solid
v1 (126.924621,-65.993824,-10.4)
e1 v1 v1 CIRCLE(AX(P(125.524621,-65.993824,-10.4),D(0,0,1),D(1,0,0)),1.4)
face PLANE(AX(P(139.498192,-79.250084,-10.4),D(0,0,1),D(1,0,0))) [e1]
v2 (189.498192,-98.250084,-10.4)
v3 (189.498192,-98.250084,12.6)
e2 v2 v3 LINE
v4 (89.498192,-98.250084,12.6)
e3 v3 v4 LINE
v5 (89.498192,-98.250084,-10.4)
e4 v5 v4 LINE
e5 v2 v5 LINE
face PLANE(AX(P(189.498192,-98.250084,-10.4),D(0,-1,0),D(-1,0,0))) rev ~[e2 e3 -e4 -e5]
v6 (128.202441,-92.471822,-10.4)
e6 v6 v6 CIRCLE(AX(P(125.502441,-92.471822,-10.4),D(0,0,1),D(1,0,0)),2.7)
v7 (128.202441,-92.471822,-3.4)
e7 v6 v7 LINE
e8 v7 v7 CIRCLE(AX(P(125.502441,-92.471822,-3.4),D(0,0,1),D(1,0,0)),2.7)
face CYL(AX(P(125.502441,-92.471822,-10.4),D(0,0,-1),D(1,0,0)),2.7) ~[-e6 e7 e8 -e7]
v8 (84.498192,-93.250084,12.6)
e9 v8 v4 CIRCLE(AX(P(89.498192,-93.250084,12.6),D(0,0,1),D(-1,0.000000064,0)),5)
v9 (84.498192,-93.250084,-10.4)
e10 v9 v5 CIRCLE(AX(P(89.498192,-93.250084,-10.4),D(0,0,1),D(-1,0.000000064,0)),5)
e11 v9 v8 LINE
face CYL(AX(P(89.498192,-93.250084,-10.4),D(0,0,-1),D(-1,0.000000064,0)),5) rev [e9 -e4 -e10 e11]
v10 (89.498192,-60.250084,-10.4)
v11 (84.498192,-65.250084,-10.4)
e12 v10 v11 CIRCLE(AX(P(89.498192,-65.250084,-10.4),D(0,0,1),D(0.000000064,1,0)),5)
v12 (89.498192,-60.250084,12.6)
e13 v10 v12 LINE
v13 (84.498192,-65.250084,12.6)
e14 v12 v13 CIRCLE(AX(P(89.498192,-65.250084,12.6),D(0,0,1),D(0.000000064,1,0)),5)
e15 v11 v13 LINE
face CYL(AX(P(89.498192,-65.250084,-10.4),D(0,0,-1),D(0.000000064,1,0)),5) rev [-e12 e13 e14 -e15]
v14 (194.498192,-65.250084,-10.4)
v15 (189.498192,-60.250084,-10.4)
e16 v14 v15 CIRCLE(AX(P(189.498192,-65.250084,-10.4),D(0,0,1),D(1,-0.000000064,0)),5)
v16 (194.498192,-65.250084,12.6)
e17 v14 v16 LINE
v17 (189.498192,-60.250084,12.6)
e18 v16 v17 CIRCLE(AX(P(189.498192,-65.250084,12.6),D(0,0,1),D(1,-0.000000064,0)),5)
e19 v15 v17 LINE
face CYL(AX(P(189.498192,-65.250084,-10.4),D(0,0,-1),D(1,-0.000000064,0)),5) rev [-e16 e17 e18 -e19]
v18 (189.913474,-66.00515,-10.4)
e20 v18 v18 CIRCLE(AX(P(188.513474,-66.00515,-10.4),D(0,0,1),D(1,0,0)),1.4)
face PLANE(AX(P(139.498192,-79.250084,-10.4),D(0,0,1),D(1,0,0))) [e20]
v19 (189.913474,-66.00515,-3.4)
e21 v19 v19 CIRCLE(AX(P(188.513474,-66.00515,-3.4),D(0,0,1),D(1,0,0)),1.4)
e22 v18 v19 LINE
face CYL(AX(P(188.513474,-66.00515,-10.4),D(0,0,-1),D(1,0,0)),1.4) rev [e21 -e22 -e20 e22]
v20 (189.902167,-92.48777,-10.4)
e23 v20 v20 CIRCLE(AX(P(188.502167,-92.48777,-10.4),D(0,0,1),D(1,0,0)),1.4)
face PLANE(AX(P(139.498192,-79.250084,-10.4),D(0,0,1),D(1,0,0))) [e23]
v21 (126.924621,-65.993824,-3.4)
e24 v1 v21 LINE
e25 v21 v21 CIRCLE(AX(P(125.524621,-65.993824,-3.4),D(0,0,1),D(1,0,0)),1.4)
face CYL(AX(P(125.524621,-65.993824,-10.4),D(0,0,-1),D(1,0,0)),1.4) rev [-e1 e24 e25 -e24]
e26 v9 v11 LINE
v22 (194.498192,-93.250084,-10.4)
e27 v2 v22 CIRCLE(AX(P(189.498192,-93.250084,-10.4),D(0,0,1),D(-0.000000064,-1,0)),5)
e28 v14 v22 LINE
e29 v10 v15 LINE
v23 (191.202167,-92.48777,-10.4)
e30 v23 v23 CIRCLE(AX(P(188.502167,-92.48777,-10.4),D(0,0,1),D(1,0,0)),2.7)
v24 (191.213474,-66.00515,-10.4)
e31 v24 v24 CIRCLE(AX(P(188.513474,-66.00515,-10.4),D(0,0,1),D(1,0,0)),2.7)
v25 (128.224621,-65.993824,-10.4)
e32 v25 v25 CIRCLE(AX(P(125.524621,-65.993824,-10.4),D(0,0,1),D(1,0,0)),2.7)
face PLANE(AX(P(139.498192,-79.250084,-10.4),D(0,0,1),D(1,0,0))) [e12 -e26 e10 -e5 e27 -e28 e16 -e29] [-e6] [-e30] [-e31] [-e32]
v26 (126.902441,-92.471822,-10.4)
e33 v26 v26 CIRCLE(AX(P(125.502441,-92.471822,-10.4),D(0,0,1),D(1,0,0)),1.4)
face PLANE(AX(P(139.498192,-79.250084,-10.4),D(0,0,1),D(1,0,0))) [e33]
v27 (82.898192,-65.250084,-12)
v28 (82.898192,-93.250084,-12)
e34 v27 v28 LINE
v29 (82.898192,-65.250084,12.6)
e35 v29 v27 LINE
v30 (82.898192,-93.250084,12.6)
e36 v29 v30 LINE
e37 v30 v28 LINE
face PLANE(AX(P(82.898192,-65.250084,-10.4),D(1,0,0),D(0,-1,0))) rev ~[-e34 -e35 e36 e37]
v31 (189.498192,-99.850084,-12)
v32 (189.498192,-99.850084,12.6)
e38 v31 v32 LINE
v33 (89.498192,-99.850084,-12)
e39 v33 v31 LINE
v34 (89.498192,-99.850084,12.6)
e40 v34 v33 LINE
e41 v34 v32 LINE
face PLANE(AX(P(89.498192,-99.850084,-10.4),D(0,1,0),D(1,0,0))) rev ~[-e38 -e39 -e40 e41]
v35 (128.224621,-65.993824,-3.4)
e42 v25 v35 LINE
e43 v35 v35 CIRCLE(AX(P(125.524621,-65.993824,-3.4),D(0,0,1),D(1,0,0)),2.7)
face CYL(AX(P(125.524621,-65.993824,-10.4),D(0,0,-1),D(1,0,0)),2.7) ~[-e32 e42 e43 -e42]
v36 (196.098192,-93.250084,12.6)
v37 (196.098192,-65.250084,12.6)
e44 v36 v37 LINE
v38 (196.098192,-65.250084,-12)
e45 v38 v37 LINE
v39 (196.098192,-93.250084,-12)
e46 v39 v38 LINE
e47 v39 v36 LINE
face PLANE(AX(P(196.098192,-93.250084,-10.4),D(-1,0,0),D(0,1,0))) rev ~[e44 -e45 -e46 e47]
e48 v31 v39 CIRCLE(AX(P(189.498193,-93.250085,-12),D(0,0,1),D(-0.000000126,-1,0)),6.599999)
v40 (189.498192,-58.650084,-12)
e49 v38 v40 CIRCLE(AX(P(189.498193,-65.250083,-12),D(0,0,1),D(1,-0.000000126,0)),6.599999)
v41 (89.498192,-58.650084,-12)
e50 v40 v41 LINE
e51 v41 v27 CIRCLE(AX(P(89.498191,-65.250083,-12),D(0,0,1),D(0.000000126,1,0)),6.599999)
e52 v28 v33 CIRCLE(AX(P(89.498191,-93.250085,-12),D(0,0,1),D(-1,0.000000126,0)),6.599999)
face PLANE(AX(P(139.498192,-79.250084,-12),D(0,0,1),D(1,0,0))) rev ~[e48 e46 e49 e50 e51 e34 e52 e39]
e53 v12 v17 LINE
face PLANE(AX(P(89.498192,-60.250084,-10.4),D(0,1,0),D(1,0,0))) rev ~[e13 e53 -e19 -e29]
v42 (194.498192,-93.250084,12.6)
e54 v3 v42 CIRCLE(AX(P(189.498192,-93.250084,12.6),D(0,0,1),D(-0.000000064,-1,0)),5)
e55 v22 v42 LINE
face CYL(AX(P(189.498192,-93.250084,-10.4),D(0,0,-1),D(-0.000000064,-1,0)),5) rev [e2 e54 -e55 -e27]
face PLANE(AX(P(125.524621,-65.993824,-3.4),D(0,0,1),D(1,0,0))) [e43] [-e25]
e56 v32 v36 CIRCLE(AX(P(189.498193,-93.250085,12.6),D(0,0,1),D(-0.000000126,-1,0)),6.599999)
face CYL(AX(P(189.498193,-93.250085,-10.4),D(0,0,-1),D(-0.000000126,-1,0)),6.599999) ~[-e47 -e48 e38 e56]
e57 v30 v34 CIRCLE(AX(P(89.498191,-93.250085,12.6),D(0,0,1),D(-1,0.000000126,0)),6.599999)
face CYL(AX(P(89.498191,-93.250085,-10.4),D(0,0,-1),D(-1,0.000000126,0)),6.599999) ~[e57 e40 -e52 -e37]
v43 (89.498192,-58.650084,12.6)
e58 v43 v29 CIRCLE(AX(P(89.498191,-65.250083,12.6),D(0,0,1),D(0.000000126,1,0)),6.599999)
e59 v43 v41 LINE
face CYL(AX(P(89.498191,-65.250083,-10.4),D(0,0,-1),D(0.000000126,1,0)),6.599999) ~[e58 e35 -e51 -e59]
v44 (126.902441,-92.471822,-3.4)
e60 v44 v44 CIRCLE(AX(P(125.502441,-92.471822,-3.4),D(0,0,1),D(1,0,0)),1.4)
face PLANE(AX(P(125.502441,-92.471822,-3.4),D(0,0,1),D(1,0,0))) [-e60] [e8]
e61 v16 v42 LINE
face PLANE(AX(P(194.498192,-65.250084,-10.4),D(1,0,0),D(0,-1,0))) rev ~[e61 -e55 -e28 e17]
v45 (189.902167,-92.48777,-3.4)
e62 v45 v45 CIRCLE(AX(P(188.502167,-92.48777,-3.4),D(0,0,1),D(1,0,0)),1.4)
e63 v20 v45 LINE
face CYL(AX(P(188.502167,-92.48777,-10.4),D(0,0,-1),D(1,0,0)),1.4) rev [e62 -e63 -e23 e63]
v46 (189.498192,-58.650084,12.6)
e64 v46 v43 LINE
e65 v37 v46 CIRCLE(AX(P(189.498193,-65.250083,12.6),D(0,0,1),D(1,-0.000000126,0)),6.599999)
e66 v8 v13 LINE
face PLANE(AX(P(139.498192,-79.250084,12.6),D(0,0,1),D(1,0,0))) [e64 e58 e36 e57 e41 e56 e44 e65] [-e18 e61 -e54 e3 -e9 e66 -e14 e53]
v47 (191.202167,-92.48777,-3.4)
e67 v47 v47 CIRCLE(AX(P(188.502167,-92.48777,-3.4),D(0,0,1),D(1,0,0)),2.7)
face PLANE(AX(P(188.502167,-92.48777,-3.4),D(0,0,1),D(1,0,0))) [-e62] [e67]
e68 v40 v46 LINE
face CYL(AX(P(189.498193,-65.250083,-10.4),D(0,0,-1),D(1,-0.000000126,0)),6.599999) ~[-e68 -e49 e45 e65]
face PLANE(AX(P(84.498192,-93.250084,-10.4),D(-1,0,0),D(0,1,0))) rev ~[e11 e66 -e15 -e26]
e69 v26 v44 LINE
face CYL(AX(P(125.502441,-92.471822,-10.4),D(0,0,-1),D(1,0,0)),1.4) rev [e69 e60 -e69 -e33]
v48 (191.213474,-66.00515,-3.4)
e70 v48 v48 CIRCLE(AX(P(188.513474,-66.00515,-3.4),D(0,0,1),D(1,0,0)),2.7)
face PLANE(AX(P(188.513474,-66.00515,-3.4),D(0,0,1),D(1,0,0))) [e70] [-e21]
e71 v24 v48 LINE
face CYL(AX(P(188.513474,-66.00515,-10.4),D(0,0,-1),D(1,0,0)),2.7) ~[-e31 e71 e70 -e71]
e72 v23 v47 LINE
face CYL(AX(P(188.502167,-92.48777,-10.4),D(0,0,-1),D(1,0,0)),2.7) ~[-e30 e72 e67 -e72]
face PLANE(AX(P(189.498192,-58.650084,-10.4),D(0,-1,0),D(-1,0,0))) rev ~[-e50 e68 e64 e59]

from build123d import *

# Parameters (mm, degrees)
SKETCH002_R      = 2.7
SKETCH002_R_2    = 1.4
EXTRUDE001_DEPTH = 7
EXTRUDE002_DEPTH = 23
EXTRUDE_DEPTH    = 1.6


with BuildPart() as pootjesm3:
    # Sketch002 (on Face10 of Extrude) → Extrude001 (new body)
    with BuildSketch(Plane.XY.offset(-10.4)):
        with Locations((90.524621, -65.993824)):
            Circle(SKETCH002_R)
        with Locations((90.524621, -65.993824)):
            Circle(SKETCH002_R_2, mode=Mode.SUBTRACT)
        with Locations((90.502441, -92.471822)):
            Circle(SKETCH002_R)
        with Locations((90.502441, -92.471822)):
            Circle(SKETCH002_R_2, mode=Mode.SUBTRACT)
        with Locations((153.513474, -66.00515)):
            Circle(SKETCH002_R)
        with Locations((153.513474, -66.00515)):
            Circle(SKETCH002_R_2, mode=Mode.SUBTRACT)
        with Locations((153.502167, -92.48777)):
            Circle(SKETCH002_R)
        with Locations((153.502167, -92.48777)):
            Circle(SKETCH002_R_2, mode=Mode.SUBTRACT)
    extrude(amount=EXTRUDE001_DEPTH)


with BuildPart() as pootjesm3_1:
    # Extrude001 placement: moved
    add(pootjesm3.part.moved(Location((35, 0, 0))))


with BuildPart() as walls:
    # Sketch → Extrude002 (new body)
    with BuildSketch(Plane.XY):
        with BuildLine():
            Line((89.498192, -99.850084), (189.498192, -99.850084))
            ThreePointArc((189.498192, -99.850084), (194.165097, -97.916989), (196.098192, -93.250084))
            Line((196.098192, -93.250084), (196.098192, -65.250084))
            ThreePointArc((196.098192, -65.250084), (194.165097, -60.583179), (189.498192, -58.650084))
            Line((189.498192, -58.650084), (89.498192, -58.650084))
            ThreePointArc((89.498192, -58.650084), (84.831287, -60.583179), (82.898192, -65.250084))
            Line((82.898192, -65.250084), (82.898192, -93.250084))
            ThreePointArc((82.898192, -93.250084), (84.831287, -97.916989), (89.498192, -99.850084))
        make_face()
        with BuildLine():
            Line((89.498192, -60.250084), (189.498192, -60.250084))
            ThreePointArc((194.498192, -65.250084), (193.033726, -61.71455), (189.498192, -60.250084))
            Line((194.498192, -65.250084), (194.498192, -93.250084))
            ThreePointArc((189.498192, -98.250084), (193.033726, -96.785618), (194.498192, -93.250084))
            Line((189.498192, -98.250084), (89.498192, -98.250084))
            ThreePointArc((84.498192, -93.250084), (85.962658, -96.785618), (89.498192, -98.250084))
            Line((84.498192, -93.250084), (84.498192, -65.250084))
            ThreePointArc((89.498192, -60.250084), (85.962658, -61.71455), (84.498192, -65.250084))
        make_face(mode=Mode.SUBTRACT)
    extrude(amount=EXTRUDE002_DEPTH)


with BuildPart() as walls_1:
    # Extrude002 placement: moved
    add(walls.part.moved(Location((0, 0, -10.4))))


with BuildPart() as doos:
    # Sketch001 → Extrude (new body)
    with BuildSketch(Plane.XY):
        with BuildLine():
            Line((89.498192, -99.850084), (189.498192, -99.850084))
            ThreePointArc((189.498192, -99.850084), (194.165097, -97.916989), (196.098192, -93.250084))
            Line((196.098192, -93.250084), (196.098192, -65.250084))
            ThreePointArc((196.098192, -65.250084), (194.165097, -60.583179), (189.498192, -58.650084))
            Line((189.498192, -58.650084), (89.498192, -58.650084))
            ThreePointArc((89.498192, -58.650084), (84.831287, -60.583179), (82.898192, -65.250084))
            Line((82.898192, -65.250084), (82.898192, -93.250084))
            ThreePointArc((82.898192, -93.250084), (84.831287, -97.916989), (89.498192, -99.850084))
        make_face()
    extrude(amount=EXTRUDE_DEPTH)


with BuildPart() as doos_1:
    # Extrude placement: moved
    add(doos.part.moved(Location((0, 0, -12))))

    # Fusion: union pootjesM3, Walls
    add(pootjesm3_1.part)
    add(walls_1.part)


solid = doos_1.part
